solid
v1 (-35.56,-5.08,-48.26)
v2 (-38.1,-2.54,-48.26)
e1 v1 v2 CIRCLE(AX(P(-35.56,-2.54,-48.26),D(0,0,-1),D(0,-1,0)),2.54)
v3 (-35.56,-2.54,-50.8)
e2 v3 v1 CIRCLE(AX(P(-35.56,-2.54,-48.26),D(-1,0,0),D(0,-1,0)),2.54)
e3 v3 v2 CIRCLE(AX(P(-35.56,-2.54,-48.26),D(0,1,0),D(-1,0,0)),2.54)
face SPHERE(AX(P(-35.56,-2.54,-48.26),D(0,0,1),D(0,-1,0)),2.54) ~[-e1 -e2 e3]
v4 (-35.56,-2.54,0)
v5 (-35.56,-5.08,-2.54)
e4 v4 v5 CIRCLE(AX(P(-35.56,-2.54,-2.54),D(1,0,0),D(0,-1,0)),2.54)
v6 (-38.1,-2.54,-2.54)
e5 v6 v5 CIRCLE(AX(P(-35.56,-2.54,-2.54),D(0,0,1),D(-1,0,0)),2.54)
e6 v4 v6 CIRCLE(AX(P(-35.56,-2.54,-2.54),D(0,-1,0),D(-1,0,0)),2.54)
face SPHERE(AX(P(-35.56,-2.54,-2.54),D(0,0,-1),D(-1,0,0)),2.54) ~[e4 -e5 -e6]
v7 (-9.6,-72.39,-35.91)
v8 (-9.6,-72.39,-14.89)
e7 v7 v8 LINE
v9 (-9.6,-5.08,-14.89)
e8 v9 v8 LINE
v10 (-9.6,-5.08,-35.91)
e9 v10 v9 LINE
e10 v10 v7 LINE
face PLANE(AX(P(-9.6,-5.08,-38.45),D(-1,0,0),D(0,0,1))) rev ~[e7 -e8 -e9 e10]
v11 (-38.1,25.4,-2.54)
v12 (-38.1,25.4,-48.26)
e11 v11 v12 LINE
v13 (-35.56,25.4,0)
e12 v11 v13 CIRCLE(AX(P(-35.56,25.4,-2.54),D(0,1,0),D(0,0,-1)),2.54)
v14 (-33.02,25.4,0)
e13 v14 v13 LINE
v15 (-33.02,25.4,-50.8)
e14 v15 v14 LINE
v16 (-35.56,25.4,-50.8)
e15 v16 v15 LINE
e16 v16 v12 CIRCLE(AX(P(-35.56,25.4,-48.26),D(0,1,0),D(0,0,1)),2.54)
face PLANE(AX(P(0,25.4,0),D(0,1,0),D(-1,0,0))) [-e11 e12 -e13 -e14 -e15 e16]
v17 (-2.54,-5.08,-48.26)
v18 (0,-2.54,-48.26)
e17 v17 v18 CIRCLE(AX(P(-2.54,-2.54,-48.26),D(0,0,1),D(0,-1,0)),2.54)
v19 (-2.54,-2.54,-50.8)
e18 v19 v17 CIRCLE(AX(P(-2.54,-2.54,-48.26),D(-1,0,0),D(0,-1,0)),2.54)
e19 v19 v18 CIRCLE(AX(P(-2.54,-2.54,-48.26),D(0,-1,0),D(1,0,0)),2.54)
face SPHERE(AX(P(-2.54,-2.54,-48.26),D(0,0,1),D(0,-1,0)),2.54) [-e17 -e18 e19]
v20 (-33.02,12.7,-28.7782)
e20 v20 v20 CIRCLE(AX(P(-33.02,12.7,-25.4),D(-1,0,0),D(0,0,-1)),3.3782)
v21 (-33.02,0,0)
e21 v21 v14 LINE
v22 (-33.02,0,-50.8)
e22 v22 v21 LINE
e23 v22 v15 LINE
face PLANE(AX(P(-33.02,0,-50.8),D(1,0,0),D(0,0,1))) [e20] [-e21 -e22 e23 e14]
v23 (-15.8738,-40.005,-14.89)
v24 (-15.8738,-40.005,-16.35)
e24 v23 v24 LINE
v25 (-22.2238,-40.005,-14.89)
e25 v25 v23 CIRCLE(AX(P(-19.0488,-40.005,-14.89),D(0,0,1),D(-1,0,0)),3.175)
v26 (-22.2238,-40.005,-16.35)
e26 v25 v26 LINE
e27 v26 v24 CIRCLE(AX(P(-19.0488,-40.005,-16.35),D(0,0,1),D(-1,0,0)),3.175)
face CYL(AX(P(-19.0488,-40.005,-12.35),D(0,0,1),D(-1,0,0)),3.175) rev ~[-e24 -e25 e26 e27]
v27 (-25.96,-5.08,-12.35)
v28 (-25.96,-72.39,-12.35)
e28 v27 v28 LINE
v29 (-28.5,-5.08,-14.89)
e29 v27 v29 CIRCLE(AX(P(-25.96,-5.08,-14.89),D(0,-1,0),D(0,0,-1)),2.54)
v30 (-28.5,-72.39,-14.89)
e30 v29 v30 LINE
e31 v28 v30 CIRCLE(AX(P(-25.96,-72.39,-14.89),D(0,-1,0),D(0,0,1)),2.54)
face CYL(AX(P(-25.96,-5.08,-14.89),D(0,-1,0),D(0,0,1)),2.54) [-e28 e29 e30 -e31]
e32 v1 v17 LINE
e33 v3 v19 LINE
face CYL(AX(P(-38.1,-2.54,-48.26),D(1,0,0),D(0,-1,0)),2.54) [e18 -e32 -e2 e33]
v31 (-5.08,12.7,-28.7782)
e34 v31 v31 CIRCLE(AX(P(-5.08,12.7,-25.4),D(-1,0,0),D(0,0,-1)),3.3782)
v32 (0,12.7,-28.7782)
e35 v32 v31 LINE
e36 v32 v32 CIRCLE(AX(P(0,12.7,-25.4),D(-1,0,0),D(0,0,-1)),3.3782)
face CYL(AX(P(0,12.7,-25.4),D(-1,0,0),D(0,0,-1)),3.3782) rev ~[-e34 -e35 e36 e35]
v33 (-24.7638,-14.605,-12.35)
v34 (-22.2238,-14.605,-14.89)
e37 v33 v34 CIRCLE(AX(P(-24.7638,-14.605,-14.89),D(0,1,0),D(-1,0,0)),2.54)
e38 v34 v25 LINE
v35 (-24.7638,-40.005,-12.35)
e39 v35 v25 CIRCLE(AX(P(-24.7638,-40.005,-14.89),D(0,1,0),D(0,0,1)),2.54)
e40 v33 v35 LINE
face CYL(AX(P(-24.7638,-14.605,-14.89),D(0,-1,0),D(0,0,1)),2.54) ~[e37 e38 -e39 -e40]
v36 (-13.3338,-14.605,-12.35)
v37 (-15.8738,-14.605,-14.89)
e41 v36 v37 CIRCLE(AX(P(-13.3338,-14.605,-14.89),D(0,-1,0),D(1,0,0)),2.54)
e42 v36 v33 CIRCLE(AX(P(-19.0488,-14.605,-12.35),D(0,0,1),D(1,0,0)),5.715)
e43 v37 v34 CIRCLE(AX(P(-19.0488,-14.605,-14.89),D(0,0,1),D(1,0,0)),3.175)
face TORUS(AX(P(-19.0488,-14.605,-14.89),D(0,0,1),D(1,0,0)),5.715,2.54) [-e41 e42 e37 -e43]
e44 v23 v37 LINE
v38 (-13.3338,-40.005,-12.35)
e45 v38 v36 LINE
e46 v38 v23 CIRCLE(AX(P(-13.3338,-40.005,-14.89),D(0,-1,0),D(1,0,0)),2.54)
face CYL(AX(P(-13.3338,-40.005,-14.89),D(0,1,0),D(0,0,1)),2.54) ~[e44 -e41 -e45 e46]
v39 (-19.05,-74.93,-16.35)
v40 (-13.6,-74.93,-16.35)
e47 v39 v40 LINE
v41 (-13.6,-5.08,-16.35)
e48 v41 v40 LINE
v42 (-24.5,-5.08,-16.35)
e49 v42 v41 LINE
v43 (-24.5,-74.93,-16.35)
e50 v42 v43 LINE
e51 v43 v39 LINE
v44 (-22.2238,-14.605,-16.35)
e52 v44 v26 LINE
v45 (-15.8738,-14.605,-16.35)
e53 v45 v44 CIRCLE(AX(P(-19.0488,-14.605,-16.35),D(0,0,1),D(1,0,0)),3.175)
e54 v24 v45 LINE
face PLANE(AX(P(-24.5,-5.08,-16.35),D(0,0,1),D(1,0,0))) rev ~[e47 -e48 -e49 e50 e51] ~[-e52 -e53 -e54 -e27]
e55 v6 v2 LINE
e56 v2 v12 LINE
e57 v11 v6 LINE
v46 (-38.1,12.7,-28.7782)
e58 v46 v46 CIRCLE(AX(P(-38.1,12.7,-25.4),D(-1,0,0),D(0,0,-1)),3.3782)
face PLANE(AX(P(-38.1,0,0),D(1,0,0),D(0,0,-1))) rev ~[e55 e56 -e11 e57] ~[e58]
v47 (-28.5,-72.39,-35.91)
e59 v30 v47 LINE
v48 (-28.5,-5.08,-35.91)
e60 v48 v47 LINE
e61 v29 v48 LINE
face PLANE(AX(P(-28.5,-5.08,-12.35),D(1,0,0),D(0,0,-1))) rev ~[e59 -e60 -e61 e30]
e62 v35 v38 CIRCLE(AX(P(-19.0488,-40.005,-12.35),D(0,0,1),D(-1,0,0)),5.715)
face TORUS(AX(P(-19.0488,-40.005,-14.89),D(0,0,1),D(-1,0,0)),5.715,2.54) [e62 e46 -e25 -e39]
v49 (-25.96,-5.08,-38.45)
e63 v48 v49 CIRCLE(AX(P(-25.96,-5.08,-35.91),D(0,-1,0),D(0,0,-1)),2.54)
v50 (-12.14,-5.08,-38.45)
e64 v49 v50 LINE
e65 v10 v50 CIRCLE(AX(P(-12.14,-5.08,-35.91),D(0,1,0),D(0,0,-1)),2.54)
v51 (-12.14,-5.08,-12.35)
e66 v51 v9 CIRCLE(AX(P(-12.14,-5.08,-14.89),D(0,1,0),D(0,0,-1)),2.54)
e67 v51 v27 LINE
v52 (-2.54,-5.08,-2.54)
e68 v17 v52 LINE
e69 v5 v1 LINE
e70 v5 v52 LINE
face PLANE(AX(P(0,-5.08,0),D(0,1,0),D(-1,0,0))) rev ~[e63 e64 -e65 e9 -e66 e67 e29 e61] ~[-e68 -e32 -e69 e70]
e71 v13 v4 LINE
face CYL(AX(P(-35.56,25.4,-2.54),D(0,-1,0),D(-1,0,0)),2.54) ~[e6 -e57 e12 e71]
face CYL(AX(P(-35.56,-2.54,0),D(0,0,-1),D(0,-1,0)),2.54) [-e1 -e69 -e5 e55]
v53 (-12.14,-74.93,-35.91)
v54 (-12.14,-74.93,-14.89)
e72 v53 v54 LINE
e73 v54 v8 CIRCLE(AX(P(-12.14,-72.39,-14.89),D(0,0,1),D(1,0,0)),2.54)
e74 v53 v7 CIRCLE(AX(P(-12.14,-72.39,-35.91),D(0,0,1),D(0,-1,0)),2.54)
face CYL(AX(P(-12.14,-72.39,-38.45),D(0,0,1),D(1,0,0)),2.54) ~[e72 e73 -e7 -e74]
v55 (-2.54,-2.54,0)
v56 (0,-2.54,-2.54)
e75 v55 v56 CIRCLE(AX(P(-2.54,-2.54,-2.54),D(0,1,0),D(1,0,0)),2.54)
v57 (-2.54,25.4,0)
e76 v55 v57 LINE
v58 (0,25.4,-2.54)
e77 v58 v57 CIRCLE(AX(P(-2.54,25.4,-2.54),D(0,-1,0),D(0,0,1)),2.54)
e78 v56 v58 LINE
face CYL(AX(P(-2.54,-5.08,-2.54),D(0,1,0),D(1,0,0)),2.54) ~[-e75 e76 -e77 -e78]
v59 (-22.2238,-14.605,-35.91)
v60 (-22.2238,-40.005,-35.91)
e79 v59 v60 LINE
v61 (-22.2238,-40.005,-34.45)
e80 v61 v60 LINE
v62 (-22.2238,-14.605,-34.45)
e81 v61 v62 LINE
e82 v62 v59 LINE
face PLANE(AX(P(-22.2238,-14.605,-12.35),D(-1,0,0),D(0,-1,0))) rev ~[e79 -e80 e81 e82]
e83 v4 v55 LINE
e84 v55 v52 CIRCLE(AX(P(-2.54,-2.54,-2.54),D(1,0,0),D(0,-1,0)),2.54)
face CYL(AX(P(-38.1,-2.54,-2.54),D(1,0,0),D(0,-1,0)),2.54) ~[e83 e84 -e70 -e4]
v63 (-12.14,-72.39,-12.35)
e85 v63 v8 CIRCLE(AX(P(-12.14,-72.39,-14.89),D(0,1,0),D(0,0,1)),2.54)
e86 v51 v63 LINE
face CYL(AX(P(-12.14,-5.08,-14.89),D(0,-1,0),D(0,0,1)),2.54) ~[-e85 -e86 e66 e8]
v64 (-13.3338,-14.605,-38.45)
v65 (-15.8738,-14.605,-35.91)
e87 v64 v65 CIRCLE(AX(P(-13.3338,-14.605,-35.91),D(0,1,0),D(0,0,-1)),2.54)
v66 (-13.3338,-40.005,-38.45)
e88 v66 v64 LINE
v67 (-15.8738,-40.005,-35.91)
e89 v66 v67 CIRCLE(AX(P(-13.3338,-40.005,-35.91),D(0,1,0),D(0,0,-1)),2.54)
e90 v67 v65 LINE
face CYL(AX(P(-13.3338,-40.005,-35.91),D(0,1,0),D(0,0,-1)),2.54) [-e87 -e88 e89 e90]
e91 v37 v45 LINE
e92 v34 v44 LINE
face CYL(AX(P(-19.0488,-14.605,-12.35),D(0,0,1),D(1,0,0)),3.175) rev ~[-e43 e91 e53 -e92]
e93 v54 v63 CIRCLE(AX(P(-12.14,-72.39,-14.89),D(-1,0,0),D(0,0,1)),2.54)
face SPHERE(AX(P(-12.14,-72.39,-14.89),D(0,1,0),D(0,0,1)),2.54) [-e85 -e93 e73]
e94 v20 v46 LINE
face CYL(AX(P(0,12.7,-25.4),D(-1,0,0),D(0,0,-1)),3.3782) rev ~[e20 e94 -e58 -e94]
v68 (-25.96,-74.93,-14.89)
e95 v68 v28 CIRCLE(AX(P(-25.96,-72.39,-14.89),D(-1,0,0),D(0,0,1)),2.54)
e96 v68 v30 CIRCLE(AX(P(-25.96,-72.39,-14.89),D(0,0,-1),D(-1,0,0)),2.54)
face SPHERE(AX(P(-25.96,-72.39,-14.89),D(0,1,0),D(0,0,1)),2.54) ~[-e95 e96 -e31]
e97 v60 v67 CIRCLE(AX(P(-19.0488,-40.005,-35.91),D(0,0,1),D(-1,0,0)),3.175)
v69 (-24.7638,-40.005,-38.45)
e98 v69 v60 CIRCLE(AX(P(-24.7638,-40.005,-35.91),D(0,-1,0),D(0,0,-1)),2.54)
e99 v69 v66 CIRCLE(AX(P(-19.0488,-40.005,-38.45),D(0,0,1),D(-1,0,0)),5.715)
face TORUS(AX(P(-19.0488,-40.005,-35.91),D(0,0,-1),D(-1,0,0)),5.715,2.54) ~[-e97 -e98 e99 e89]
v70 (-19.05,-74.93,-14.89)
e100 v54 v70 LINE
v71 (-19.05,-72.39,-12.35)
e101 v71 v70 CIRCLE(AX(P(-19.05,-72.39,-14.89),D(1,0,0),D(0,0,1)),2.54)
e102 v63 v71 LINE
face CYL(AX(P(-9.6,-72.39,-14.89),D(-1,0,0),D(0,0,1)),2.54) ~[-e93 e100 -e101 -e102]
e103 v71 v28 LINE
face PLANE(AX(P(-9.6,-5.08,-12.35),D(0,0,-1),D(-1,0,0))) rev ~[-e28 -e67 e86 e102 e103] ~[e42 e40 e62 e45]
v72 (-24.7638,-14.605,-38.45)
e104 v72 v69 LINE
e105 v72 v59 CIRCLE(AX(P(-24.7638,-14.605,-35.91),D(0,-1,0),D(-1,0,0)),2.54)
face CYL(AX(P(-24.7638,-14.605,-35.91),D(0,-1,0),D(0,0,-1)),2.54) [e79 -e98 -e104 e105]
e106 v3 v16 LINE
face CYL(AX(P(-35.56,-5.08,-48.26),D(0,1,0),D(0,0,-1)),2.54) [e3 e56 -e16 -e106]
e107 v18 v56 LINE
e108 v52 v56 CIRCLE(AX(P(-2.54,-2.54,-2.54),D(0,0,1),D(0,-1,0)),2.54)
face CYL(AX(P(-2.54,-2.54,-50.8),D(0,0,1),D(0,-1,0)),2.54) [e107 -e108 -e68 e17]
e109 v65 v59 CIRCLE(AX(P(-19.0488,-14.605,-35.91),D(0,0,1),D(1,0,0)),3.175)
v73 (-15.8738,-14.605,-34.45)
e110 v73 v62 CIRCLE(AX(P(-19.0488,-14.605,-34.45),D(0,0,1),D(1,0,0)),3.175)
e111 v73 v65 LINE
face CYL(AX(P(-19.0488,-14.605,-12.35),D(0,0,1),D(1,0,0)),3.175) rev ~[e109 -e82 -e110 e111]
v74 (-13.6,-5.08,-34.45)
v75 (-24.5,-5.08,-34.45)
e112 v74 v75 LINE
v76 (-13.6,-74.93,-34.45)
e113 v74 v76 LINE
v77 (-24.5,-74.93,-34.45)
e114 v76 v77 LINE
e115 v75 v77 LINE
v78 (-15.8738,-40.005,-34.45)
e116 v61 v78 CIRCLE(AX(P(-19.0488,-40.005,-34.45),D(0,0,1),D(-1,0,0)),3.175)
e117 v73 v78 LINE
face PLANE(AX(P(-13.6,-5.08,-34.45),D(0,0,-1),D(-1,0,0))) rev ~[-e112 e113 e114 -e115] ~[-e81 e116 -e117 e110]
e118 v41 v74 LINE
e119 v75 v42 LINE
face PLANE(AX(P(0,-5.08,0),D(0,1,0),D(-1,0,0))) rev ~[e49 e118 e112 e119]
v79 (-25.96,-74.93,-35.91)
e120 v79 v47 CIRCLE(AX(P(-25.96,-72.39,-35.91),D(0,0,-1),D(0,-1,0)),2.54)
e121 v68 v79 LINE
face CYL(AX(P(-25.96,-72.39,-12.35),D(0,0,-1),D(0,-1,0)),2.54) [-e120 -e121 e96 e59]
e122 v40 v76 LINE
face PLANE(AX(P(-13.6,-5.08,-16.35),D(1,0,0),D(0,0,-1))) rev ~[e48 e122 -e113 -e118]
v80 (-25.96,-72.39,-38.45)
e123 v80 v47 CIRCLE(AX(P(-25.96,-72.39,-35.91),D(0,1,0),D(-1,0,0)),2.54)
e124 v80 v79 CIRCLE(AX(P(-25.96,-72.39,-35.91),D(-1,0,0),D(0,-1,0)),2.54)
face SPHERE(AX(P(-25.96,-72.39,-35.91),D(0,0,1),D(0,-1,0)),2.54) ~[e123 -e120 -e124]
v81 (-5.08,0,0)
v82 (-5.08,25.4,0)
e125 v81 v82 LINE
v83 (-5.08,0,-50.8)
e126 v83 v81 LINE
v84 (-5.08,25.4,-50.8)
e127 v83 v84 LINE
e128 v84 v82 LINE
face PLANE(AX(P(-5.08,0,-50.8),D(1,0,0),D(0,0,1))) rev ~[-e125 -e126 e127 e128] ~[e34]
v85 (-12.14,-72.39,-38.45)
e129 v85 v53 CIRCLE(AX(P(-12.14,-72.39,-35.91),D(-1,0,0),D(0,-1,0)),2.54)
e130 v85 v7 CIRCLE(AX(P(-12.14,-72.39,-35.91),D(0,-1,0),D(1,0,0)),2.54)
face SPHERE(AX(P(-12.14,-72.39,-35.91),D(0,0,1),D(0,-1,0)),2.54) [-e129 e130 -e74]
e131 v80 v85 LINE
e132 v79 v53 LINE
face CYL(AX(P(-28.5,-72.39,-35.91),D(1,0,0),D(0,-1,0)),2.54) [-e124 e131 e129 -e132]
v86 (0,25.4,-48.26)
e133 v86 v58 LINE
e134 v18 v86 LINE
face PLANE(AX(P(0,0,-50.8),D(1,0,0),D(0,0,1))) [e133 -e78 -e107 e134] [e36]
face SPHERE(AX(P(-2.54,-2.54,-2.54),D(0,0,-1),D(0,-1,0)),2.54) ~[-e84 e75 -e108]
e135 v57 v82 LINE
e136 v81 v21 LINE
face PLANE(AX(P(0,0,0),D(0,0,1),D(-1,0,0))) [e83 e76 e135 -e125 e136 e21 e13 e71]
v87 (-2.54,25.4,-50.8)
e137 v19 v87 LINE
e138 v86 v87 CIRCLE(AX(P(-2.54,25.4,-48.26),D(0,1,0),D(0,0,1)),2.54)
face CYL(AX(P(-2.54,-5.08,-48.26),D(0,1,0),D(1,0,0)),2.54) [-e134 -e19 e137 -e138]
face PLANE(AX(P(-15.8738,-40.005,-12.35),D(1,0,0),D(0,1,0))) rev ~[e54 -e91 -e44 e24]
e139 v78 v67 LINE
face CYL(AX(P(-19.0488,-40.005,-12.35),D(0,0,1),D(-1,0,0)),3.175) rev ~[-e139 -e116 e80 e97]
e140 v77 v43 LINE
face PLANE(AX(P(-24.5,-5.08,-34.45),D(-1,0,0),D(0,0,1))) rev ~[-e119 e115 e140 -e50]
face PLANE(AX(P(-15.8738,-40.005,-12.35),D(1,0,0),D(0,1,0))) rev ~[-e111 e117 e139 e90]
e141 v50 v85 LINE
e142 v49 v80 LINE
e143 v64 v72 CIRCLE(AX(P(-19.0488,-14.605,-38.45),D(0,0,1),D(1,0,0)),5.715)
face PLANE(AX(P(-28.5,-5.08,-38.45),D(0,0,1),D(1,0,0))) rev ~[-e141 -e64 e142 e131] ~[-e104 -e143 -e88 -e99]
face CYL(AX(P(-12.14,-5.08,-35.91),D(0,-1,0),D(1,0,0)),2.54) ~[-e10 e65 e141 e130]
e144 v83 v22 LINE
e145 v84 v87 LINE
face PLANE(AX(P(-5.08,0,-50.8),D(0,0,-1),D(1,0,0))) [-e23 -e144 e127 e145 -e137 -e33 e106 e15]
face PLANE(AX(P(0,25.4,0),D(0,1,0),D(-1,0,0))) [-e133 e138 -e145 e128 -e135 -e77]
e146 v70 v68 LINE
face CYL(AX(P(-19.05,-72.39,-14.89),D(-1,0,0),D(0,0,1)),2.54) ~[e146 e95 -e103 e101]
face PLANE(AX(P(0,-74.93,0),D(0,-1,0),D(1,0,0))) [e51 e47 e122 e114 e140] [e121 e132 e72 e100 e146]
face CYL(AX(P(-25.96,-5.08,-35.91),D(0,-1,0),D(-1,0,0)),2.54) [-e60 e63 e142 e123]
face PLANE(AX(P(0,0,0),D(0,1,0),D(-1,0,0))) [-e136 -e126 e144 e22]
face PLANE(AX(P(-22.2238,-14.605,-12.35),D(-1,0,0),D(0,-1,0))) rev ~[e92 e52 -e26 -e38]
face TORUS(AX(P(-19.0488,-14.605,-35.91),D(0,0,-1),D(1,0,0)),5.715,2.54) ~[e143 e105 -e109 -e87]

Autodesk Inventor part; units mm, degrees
ref_plane "YZ Plane" through (0, 0, 0) normal (1, 0, 0) x (0, 1, 0)
ref_plane "XZ Plane" through (0, 0, 0) normal (0, 1, 0) x (-1, 0, 0)
ref_plane "XY Plane" through (0, 0, 0) normal (0, 0, 1) x (1, 0, 0)
sketch "Sketch1" plane through (0, 0, 0) normal (0, 1, 0) x (-1, 0, 0)
  line L0 (0, 0) -> (38.1, 0)
  line L1 (38.1, 0) -> (38.1, -50.8)
  line L2 (38.1, -50.8) -> (0, -50.8)
  line L3 (0, -50.8) -> (0, 0)
  line L4 (38.1, -50.8) -> (33.02, -50.8)
  line L5 (33.02, -50.8) -> (33.02, 0)
  line L6 (33.02, 0) -> (38.1, 0)
  line L7 (38.1, 0) -> (38.1, -50.8)
  line L8 (0, -50.8) -> (5.08, -50.8)
  line L9 (5.08, -50.8) -> (5.08, 0)
  line L10 (5.08, 0) -> (0, 0)
  line L11 (0, 0) -> (0, -50.8)
  dimension "d0" = 38.1
  dimension "d1" = 50.8
  dimension "d2" = 5.08
  dimension "d3" = 5.08
extrude "Extrusion1" add sketch "Sketch1" along normal blind 25.4 contours L0 L9 L2 L3 | L0 L1 L2 L5
extrude "Extrusion2" add sketch "Sketch1" against normal blind 5.08
sketch "Sketch2" plane through (0, 25.4, 0) normal (1, 0, 0) x (0, 0, -1)
  line L0 (50.8, 0) -> (0, 0) projected
  line L1 (25.4, 0) -> (25.4, -12.7)
  point P0 (0, -25.4)
  dimension "d8" = 12.7
hole "Hole1" at (0, 12.7, -25.4) direction (-1, 0, 0) diameter 6.7564 end through all clearance for "Socket Head Cap Screw" size "1/4" standard "Ansi Unified Screw Threads"
sketch "Sketch3" plane through (0, -5.08, 0) normal (0, -1, 0) x (1, 0, 0)
  line L0 (0, 0) -> (-19.05, 0)
  line L1 (0, 0) -> (-38.1, 0) projected
  line L2 (-19.05, 0) -> (-19.05, -25.4)
  line L3 (-9.6, -12.35) -> (-28.5, -12.35)
  line L4 (-28.5, -12.35) -> (-28.5, -38.45)
  line L5 (-28.5, -38.45) -> (-9.6, -38.45)
  line L6 (-9.6, -38.45) -> (-9.6, -12.35)
  line L7 (-9.6, -12.35) -> (-28.5, -38.45) construction
  line L8 (-28.5, -12.35) -> (-9.6, -38.45) construction
  line L9 (-24.5, -16.35) -> (-13.6, -16.35)
  line L10 (-13.6, -16.35) -> (-13.6, -34.45)
  line L11 (-13.6, -34.45) -> (-24.5, -34.45)
  line L12 (-24.5, -34.45) -> (-24.5, -16.35)
  line L13 (-24.5, -16.35) -> (-13.6, -34.45) construction
  line L14 (-13.6, -16.35) -> (-24.5, -34.45) construction
  dimension "d16" = 25.4
  dimension "d17" = 18.9
  dimension "d18" = 26.1
  dimension "d19" = 10.9
  dimension "d20" = 18.1
extrude "Extrusion3" add sketch "Sketch3" along normal blind 69.85
sketch "Sketch4" plane through (-28.5, -5.08, -12.35) normal (0, 0, 1) x (1, 0, 0)
  line L0 (18.9, 0) -> (18.9, -69.85) projected
  line L1 (18.9, -34.925) -> (9.4512, -34.925)
  line L2 (9.4512, -34.925) -> (9.4512, -9.525) construction
  line L3 (12.6262, -34.925) -> (12.6262, -9.525)
  line L4 (6.2762, -9.525) -> (6.2762, -34.925)
  arc A0 (6.2762, -34.925) -> (12.6262, -34.925) centre (9.4512, -34.925) ccw
  arc A1 (12.6262, -9.525) -> (6.2762, -9.525) centre (9.4512, -9.525) ccw
  point P0 (28.5, 5.08)
  point P1 (9.4512, -22.225)
  dimension "d23" = 9.4488
  dimension "d24" = 25.4
  dimension "d25" = 6.35
extrude "Extrusion4" cut sketch "Sketch4" against normal blind 76.2
fillet "Fillet1" radius 2.54 24 edges at (-38.1, -5.08, -25.4) (0, -5.08, -25.4) (-19.0488, -11.43, -12.35) (-15.8738, -27.305, -12.35) (-19.0488, -43.18, -12.35) (-22.2238, -27.305, -12.35) (-28.5, -40.005, -12.35) (-9.6, -40.005, -12.35) (-19.05, -74.93, -12.35) (-28.5, -74.93, -25.4) (-9.6, -74.93, -25.4) (-19.05, -74.93, -38.45) (-28.5, -40.005, -38.45) (-9.6, -40.005, -38.45) (-15.8738, -27.305, -38.45) (-19.0488, -11.43, -38.45) (-22.2238, -27.305, -38.45) (-19.0488, -43.18, -38.45) (-19.05, -5.08, -50.8) (-38.1, 10.16, -50.8) (-38.1, 10.16, 0) (-19.05, -5.08, 0) (0, 10.16, -50.8) (0, 10.16, 0)
properties part number "Sample Holder end for 8020-neutron-whispervalve"
